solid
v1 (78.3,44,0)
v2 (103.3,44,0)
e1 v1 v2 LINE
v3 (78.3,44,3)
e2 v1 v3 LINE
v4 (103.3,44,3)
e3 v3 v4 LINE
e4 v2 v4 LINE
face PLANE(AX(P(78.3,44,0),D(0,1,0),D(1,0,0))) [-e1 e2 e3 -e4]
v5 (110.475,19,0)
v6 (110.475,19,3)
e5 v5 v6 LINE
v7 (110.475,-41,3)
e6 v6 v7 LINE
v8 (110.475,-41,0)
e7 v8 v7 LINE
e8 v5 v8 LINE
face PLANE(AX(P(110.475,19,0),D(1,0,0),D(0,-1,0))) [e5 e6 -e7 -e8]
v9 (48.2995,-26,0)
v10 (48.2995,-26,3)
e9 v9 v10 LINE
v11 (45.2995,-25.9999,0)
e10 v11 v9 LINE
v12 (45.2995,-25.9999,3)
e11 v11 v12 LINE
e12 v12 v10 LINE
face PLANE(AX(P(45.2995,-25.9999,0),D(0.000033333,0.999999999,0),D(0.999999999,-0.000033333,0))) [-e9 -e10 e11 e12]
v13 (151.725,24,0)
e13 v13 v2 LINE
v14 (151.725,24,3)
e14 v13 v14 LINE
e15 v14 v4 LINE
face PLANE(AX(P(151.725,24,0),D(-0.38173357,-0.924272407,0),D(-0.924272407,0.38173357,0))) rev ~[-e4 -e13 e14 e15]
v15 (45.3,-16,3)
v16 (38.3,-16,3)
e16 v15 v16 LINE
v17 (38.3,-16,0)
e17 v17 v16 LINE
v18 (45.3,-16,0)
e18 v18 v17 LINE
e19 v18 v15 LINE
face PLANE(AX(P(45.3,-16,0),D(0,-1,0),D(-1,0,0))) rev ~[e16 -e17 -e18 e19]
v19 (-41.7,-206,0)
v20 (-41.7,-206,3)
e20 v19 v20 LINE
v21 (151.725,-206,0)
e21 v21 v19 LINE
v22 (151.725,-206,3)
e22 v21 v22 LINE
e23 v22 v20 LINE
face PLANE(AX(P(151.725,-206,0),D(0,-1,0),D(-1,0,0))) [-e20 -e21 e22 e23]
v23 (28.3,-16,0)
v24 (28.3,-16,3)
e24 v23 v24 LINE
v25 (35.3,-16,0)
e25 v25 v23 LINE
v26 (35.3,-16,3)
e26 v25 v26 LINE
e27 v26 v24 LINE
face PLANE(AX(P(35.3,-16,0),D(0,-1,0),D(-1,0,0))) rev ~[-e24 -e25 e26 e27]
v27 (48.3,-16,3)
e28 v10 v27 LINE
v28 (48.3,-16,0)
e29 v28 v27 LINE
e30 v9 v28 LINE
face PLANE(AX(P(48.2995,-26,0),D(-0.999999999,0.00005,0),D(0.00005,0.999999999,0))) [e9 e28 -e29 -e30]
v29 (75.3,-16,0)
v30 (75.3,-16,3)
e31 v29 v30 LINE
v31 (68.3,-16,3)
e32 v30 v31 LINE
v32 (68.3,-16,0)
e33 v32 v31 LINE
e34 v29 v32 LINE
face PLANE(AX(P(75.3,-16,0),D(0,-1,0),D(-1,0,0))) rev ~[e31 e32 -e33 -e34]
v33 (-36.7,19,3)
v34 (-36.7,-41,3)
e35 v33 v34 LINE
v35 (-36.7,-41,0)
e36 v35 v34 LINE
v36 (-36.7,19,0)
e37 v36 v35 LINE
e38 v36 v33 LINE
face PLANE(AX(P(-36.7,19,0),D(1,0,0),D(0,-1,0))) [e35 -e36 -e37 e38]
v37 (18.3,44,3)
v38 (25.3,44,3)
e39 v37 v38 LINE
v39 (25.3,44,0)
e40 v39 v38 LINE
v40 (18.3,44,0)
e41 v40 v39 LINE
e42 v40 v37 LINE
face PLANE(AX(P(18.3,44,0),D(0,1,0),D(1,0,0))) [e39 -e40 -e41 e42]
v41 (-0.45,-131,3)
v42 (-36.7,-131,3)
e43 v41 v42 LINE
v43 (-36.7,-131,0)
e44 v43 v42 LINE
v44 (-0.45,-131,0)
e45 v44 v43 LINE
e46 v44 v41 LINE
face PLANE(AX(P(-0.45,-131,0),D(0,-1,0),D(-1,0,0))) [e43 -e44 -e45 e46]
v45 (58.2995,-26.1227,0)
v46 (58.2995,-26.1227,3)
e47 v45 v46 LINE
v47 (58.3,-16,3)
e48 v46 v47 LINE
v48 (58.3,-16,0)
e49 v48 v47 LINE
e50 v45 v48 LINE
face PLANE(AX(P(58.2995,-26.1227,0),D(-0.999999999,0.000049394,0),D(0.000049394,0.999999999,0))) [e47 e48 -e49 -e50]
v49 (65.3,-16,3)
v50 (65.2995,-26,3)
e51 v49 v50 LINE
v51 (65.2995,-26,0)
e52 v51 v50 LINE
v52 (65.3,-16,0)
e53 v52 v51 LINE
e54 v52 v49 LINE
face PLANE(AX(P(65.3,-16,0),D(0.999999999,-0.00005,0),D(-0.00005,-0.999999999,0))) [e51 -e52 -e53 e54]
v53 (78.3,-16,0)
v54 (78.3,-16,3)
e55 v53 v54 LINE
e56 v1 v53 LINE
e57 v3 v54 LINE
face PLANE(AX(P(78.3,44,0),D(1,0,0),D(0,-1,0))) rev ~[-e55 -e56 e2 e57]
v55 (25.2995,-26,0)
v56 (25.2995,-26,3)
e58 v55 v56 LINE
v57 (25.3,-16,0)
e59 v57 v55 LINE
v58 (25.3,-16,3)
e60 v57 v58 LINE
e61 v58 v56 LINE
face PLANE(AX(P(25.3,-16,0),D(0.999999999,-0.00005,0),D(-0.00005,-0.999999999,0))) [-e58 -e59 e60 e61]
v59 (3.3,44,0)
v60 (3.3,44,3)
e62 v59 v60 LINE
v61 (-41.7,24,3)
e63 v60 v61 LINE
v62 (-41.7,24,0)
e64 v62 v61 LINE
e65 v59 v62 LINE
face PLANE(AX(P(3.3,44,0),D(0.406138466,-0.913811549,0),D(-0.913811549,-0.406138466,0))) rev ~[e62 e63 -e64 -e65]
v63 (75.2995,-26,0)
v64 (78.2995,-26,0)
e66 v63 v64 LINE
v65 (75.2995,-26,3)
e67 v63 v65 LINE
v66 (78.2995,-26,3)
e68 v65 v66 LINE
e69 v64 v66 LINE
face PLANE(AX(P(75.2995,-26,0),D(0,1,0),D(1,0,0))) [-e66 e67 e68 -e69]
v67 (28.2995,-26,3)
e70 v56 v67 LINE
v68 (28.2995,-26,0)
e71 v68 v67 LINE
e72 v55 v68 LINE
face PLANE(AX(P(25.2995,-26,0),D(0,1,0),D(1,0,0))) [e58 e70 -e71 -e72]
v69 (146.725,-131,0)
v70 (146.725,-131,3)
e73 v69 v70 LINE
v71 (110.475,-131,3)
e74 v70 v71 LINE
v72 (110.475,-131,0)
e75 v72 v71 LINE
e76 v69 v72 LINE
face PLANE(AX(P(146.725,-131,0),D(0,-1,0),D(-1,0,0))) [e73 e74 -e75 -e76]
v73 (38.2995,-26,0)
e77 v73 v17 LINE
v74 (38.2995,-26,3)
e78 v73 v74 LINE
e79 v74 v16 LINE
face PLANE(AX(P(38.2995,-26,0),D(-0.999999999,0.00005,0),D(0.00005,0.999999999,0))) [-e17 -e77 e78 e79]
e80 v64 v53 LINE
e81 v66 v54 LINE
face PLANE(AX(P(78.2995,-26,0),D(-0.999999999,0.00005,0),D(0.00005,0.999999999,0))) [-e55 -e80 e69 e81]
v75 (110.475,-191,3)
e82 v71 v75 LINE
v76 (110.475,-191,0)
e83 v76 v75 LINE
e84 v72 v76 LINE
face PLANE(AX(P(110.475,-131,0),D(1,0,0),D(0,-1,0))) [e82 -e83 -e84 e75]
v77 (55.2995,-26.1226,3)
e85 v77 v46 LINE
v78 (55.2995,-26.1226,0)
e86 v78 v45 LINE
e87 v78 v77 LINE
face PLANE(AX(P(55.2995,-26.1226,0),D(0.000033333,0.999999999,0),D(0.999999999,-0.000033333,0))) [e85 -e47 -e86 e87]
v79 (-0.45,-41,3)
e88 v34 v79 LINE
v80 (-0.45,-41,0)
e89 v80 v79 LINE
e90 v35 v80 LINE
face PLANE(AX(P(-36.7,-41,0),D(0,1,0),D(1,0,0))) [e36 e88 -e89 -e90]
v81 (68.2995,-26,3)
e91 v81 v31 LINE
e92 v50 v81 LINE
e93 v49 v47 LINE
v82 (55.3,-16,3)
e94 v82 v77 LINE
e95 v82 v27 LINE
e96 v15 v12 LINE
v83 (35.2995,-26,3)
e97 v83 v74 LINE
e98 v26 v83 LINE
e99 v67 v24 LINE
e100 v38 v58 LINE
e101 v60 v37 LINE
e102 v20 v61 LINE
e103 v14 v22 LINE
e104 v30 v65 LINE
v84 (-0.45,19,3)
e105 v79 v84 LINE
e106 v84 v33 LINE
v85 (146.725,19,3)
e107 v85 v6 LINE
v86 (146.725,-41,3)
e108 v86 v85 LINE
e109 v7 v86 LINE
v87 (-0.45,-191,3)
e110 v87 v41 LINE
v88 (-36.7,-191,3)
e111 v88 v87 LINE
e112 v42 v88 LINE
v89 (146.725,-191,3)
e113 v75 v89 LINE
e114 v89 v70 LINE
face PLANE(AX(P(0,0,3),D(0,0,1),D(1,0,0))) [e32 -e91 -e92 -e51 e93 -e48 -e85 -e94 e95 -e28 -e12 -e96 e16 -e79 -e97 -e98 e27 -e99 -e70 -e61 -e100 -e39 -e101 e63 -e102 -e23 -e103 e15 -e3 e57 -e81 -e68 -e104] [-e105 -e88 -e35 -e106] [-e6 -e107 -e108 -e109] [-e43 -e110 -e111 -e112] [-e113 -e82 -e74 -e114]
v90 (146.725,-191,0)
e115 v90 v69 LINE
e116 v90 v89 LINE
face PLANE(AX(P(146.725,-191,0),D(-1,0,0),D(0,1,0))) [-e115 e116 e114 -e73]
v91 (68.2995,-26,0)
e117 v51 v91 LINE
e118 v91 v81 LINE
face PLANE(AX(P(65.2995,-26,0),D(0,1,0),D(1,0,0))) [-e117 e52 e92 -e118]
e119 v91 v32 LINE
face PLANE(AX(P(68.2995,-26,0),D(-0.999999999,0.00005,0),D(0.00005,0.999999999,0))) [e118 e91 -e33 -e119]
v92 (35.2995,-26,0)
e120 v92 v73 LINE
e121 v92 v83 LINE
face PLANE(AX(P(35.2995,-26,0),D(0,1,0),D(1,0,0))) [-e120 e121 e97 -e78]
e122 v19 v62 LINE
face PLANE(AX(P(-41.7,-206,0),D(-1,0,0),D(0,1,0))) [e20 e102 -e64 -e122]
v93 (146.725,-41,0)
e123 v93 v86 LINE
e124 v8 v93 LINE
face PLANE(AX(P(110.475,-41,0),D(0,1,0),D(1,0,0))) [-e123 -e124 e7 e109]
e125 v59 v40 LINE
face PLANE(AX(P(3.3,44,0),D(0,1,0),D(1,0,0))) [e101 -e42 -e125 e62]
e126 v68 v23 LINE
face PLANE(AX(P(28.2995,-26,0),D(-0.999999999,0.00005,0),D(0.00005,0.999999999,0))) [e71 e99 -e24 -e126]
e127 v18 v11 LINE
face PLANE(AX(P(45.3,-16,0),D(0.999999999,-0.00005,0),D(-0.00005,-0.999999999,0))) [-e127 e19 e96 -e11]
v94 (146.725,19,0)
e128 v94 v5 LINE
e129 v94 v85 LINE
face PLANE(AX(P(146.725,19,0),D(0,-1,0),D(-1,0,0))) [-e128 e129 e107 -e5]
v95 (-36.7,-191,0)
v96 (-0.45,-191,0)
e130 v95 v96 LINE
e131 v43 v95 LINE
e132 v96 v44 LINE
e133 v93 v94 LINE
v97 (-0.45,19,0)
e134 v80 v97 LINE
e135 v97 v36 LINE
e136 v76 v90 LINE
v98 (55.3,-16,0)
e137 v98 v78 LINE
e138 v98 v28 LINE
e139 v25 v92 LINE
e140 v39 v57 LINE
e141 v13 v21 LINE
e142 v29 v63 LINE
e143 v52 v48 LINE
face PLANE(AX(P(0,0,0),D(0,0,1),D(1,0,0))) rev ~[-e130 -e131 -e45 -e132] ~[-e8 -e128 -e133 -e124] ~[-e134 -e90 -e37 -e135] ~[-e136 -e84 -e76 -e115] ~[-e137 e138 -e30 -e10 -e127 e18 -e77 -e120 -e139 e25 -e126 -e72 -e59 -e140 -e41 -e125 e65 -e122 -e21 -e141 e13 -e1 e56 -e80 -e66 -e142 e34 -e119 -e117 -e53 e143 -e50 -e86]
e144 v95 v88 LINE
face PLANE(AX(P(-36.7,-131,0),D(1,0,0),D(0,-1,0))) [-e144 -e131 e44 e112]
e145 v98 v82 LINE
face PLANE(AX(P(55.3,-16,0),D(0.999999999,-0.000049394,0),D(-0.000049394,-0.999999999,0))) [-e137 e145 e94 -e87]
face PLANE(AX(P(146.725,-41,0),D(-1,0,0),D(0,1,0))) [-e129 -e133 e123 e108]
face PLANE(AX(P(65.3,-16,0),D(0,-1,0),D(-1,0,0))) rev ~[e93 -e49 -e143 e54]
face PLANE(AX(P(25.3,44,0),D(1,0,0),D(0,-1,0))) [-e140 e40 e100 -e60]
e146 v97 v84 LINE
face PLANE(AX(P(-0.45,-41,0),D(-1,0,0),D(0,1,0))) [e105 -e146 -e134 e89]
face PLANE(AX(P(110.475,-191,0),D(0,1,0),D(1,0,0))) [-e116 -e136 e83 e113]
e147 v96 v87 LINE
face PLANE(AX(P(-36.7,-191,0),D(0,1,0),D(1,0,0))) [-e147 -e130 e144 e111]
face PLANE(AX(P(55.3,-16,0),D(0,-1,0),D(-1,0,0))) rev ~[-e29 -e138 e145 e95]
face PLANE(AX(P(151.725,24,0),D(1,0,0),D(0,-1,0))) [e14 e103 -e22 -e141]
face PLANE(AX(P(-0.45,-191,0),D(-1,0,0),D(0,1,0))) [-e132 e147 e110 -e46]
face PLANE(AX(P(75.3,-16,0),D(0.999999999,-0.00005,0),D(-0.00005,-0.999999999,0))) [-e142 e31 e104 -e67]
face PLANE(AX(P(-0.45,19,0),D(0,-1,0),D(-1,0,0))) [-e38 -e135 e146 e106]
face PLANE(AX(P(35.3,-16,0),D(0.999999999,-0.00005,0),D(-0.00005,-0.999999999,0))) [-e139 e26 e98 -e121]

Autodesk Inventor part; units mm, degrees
ref_plane "YZ Plane" through (0, 0, 0) normal (1, 0, 0) x (0, 1, 0)
ref_plane "XZ Plane" through (0, 0, 0) normal (0, 1, 0) x (-1, 0, 0)
ref_plane "XY Plane" through (0, 0, 0) normal (0, 0, 1) x (1, 0, 0)
sketch "Sketch1" plane through (0, 0, 0) normal (0, 0, 1) x (1, 0, 0)
  line L0 (151.725, 24) -> (151.725, -206)
  line L1 (151.725, -206) -> (-41.7, -206)
  line L2 (-41.7, -206) -> (-41.7, 24)
  line L3 (151.725, 24) -> (103.3, 44)
  line L4 (3.3, 44) -> (-41.7, 24)
  line L5 (78.3, 44) -> (78.3, -16)
  line L6 (3.3, 44) -> (18.3, 44)
  line L7 (78.3, 44) -> (103.3, 44)
  line L8 (-34.2, -33.5) -> (-34.2, 11.5) projected
  line L9 (-2.95, 11.5) -> (-2.95, -33.5) projected
  line L10 (-36.7, -41) -> (-0.45, -41)
  line L11 (-0.45, -41) -> (-0.45, 19)
  line L12 (-0.45, 19) -> (-36.7, 19)
  line L13 (-36.7, 19) -> (-36.7, -41)
  line L14 (110.475, -41) -> (146.725, -41)
  line L15 (146.725, -41) -> (146.725, 19)
  line L16 (146.725, 19) -> (110.475, 19)
  line L17 (110.475, 19) -> (110.475, -41)
  line L18 (110.475, -191) -> (146.725, -191)
  line L19 (146.725, -191) -> (146.725, -131)
  line L20 (146.725, -131) -> (110.475, -131)
  line L21 (110.475, -131) -> (110.475, -191)
  line L22 (-36.7, -191) -> (-0.45, -191)
  line L23 (-0.45, -191) -> (-0.45, -131)
  line L24 (-0.45, -131) -> (-36.7, -131)
  line L25 (-36.7, -131) -> (-36.7, -191)
  line L26 (144.225, -33.5) -> (144.225, 11.5) projected
  line L27 (112.975, 11.5) -> (112.975, -33.5) projected
  line L28 (112.975, -183.5) -> (112.975, -138.5) projected
  line L29 (144.225, -138.5) -> (144.225, -183.5) projected
  line L30 (-34.2, -138.5) -> (-34.2, -183.5) projected
  line L31 (-2.95, -183.5) -> (-2.95, -138.5) projected
  line L32 (75.3, -16) -> (75.2995, -26)
  line L33 (75.2995, -26) -> (78.2995, -26)
  line L34 (78.2995, -26) -> (78.3, -16)
  line L35 (65.3, -16) -> (65.2995, -26)
  line L36 (65.2995, -26) -> (68.2995, -26)
  line L37 (68.2995, -26) -> (68.3, -16)
  line L38 (55.3, -16) -> (55.2995, -26.1226)
  line L39 (55.2995, -26.1226) -> (58.2995, -26.1227)
  line L40 (58.2995, -26.1227) -> (58.3, -16)
  line L41 (78.3, -16) -> (78.3, -16)
  line L42 (75.3, -16) -> (68.3, -16)
  line L43 (65.3, -16) -> (58.3, -16)
  line L44 (45.3, -16) -> (45.2995, -25.9999)
  line L45 (48.2995, -26) -> (48.3, -16)
  line L46 (45.2995, -25.9999) -> (48.2995, -26)
  line L47 (55.3, -16) -> (48.3, -16)
  line L48 (38.2995, -26) -> (38.3, -16)
  line L49 (35.2995, -26) -> (38.2995, -26)
  line L50 (35.3, -16) -> (35.2995, -26)
  line L51 (28.2995, -26) -> (28.3, -16)
  line L52 (25.2995, -26) -> (28.2995, -26)
  line L53 (25.3, -16) -> (25.2995, -26)
  line L54 (45.3, -16) -> (38.3, -16)
  line L55 (35.3, -16) -> (28.3, -16)
  line L56 (18.3, 44) -> (25.3, 44)
  line L57 (25.3, 44) -> (25.3, -16)
  point P0 (-34.2, -11)
  point P1 (-36.7, -11)
  point P2 (128.6, -41)
  point P3 (110.475, -11)
  point P4 (112.975, -11)
  point P5 (128.6, -191)
  point P6 (128.6, -131)
  point P7 (110.475, -161)
  point P8 (112.975, -161)
  point P9 (-36.7, -161)
  point P10 (-34.2, -161)
  point P11 (75.2998, -21)
  point P12 (78.2998, -21)
  point P13 (76.775, -16.5)
  point P14 (76.7995, -26)
  point P15 (65.2998, -21)
  point P16 (68.2998, -21)
  point P17 (66.775, -16.5)
  point P18 (66.7995, -26)
  point P19 (55.2998, -21.0613)
  point P20 (58.2998, -21.0613)
  point P21 (56.775, -16.5)
  point P22 (56.7995, -26.1226)
  point P23 (45.2998, -20.9999)
  point P24 (46.7995, -25.9999)
  point P25 (43.0984, -16.3775)
  point P26 (48.2998, -21)
  point P27 (38.2998, -21)
  point P28 (36.7995, -26)
  point P29 (35.2998, -21)
  point P30 (28.2998, -21)
  point P31 (26.7995, -26)
  point P32 (25.2998, -21)
  point P33 (21.8, -16)
  point P34 (78.3, -16)
  point P35 (51.8, -16)
  point P36 (71.8, -16)
  dimension "d19" = 20
  dimension "d21" = 20
  dimension "d23" = 100
  dimension "d26" = 60
  dimension "d29" = 250
  dimension "d32" = 2.5
  dimension "d33" = 2.5
  dimension "d34" = 60
  dimension "d35" = 0
  dimension "d36" = 5
  dimension "d37" = 25
  dimension "d39" = 2.5
  dimension "d40" = 2.5
  dimension "d41" = 5
  dimension "d43" = 60
  dimension "d44" = 0
  dimension "d45" = 60
  dimension "d46" = 2.5
  dimension "d47" = 0
  dimension "d48" = 2.5
  dimension "d49" = 2.5
  dimension "d50" = 2.5
  dimension "d51" = 60
  dimension "d52" = 0
  dimension "d55" = 250
  dimension "d75" = 3
  dimension "d76" = 10
  dimension "d77" = 7
  dimension "d79" = 3
  dimension "d80" = 10
  dimension "d81" = 3
  dimension "d82" = 10
  dimension "d84" = 7
  dimension "d86" = 7
  dimension "d87" = 7
  dimension "d88" = 3
  dimension "d89" = 3
  dimension "d90" = 3
  dimension "d92" = 7
  dimension "d93" = 45
  dimension "d95" = 90
  dimension "d98" = 10
  dimension "d100" = 10
  dimension "d101" = 10
  dimension "d102" = 10
  dimension "d103" = 60
  dimension "d104" = 60
  dimension "d105" = 60
  dimension "d106" = 60
  dimension "d108" = 0
  dimension "d112" = 22
  dimension "d113" = 53
extrude "Extrusion2" add sketch "Sketch1" along normal blind 3
properties part number "car platform"
